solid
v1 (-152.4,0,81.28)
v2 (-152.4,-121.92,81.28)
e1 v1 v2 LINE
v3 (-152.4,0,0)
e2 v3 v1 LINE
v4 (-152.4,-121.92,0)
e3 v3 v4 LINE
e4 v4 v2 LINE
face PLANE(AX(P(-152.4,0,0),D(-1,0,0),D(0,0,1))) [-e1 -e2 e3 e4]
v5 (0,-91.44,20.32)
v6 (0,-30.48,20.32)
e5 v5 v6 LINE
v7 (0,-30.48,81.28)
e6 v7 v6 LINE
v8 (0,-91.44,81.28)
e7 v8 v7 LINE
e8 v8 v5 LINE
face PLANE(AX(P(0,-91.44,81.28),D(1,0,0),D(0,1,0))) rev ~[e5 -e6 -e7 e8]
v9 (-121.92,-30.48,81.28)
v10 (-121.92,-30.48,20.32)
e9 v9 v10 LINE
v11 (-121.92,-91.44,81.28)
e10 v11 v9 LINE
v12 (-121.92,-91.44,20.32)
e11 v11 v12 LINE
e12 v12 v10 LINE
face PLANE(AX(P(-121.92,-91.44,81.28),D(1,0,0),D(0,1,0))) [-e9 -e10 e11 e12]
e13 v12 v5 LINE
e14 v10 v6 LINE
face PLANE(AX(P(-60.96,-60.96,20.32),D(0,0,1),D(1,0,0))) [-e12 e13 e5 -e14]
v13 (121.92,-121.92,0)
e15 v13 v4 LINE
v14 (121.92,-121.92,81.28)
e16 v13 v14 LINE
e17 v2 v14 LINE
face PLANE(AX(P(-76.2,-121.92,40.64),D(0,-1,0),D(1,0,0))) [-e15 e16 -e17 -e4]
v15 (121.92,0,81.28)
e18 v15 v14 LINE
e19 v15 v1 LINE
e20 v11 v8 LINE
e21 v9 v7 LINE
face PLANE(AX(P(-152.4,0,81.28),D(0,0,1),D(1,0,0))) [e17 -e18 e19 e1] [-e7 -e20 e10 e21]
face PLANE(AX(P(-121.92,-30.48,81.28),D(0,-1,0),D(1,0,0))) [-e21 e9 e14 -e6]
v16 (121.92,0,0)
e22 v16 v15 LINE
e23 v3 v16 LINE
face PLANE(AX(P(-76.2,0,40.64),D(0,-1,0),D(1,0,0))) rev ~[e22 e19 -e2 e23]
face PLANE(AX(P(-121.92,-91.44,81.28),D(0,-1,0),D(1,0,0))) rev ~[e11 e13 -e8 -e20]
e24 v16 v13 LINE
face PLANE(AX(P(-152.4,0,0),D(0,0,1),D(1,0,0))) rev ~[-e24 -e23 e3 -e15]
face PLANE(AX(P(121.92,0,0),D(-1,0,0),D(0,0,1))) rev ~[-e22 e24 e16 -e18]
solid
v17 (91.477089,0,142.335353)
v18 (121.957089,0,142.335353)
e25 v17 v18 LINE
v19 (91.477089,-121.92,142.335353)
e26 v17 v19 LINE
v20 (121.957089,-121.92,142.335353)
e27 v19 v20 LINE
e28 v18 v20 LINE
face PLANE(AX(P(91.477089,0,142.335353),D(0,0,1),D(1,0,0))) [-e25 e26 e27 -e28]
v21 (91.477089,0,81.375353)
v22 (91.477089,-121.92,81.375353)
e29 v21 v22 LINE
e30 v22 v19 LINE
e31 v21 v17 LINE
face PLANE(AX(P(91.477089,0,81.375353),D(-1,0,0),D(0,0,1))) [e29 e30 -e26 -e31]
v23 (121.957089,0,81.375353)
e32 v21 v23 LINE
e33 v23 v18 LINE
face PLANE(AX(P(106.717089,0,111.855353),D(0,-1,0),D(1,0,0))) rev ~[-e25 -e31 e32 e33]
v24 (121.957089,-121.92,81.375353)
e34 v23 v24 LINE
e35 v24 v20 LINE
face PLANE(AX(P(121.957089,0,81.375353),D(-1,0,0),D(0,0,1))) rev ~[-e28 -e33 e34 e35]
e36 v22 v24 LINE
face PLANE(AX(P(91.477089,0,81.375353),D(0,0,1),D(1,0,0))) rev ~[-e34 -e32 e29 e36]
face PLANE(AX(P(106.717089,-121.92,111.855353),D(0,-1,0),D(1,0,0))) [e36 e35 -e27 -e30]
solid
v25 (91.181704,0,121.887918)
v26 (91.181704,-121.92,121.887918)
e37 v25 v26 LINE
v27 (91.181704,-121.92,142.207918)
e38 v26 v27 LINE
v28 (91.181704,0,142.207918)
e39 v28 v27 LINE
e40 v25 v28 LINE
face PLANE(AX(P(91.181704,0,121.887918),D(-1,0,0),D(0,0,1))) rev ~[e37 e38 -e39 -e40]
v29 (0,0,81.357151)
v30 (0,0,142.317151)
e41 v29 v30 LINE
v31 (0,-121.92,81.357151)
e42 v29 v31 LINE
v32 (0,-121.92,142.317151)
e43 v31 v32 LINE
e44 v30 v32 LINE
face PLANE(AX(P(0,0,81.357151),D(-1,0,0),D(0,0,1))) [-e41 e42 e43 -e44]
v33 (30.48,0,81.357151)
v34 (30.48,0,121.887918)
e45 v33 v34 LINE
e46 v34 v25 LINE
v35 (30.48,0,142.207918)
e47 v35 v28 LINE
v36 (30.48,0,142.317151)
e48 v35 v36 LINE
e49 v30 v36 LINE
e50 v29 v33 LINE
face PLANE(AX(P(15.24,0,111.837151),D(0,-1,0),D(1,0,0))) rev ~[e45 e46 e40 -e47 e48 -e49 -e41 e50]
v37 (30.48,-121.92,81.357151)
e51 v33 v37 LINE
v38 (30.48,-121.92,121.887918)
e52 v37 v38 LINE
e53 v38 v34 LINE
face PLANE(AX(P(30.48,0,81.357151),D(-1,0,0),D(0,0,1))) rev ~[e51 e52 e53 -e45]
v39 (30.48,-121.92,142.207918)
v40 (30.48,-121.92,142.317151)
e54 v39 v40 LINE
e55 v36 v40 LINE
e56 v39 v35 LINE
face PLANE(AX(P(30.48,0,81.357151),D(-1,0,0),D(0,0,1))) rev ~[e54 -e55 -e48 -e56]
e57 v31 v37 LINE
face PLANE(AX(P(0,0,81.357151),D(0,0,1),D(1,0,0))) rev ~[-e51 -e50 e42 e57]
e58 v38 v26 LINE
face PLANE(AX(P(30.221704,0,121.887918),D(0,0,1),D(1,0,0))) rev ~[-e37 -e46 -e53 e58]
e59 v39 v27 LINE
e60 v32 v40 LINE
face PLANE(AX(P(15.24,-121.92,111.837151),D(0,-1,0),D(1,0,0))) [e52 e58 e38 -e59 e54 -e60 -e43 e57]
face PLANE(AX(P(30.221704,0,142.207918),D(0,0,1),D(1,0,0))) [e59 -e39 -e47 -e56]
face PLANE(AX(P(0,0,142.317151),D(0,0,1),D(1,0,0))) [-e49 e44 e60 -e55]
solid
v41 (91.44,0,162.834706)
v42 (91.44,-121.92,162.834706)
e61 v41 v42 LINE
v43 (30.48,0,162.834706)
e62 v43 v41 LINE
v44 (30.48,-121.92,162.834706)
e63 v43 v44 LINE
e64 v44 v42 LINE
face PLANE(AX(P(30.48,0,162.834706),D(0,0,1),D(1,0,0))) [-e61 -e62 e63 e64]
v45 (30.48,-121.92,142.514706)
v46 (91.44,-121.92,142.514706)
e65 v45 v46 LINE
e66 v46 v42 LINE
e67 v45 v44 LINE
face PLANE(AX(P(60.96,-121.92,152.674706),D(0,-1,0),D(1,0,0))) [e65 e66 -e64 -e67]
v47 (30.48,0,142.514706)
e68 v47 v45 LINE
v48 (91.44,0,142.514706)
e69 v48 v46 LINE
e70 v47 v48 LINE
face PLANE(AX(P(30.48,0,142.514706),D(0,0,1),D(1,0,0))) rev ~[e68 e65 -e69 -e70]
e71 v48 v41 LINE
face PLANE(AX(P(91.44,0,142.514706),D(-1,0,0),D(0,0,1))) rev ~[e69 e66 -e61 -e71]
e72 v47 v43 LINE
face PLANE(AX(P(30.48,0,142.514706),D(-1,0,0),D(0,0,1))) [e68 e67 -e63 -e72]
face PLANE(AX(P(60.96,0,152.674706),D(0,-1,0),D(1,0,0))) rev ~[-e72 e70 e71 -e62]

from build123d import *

# Parameters (mm, degrees)
F0_W      = 121.92
F0_H      = 81.28
F1_DEPTH  = 121.92
F2_W      = 30.48
F2_H      = 60.96
F3_DEPTH  = 121.92
F5_W      = 60.96
F5_H      = 20.32
F4_W      = 30.48
F4_H      = 60.96
F6_DEPTH  = 121.92
F7_W      = 60.96
F7_H      = 20.32
F8_DEPTH  = 121.92
F9_W      = 152.4
F9_H      = 81.28
F10_DEPTH = 121.92
F11_W     = 121.92
F11_H     = 60.96
F12_DEPTH = 60.96


with BuildPart() as f1:
    # F0 (on Front) → F1 (new body)
    with BuildSketch(Plane.XZ):
        with Locations((60.96, 40.64)):
            Rectangle(F0_W, F0_H)
    extrude(amount=F1_DEPTH)

    # F9 (on Front) → F10 (join)
    with BuildSketch(Plane.XZ):
        with Locations((-76.2, 40.64)):
            Rectangle(F9_W, F9_H)
    extrude(amount=F10_DEPTH)

    # F11 (on face) → F12 (cut)
    with BuildSketch(Plane.XY.offset(81.28)):
        with Locations((-60.96, -60.96)):
            Rectangle(F11_W, F11_H)
    extrude(amount=-F12_DEPTH, mode=Mode.SUBTRACT)


with BuildPart() as f3:
    # F2 (on Front) → F3 (new body)
    with BuildSketch(Plane.XZ):
        with Locations((15.24, 111.837151)):
            Rectangle(F2_W, F2_H)
    extrude(amount=F3_DEPTH)

    # F5 (on Front) + F4 (on Front) → F6 (join)
    with BuildSketch(Plane.XZ):
        with Locations((60.701704, 132.047918)):
            Rectangle(F5_W, F5_H)
    with BuildSketch(Plane.XZ):
        with Locations((106.717089, 111.855353)):
            Rectangle(F4_W, F4_H)
    extrude(amount=F6_DEPTH)


with BuildPart() as f8:
    # F7 (on Front) → F8 (new body)
    with BuildSketch(Plane.XZ):
        with Locations((60.96, 152.674706)):
            Rectangle(F7_W, F7_H)
    extrude(amount=F8_DEPTH)


solid = Compound([f1.part, f3.part, f8.part])
